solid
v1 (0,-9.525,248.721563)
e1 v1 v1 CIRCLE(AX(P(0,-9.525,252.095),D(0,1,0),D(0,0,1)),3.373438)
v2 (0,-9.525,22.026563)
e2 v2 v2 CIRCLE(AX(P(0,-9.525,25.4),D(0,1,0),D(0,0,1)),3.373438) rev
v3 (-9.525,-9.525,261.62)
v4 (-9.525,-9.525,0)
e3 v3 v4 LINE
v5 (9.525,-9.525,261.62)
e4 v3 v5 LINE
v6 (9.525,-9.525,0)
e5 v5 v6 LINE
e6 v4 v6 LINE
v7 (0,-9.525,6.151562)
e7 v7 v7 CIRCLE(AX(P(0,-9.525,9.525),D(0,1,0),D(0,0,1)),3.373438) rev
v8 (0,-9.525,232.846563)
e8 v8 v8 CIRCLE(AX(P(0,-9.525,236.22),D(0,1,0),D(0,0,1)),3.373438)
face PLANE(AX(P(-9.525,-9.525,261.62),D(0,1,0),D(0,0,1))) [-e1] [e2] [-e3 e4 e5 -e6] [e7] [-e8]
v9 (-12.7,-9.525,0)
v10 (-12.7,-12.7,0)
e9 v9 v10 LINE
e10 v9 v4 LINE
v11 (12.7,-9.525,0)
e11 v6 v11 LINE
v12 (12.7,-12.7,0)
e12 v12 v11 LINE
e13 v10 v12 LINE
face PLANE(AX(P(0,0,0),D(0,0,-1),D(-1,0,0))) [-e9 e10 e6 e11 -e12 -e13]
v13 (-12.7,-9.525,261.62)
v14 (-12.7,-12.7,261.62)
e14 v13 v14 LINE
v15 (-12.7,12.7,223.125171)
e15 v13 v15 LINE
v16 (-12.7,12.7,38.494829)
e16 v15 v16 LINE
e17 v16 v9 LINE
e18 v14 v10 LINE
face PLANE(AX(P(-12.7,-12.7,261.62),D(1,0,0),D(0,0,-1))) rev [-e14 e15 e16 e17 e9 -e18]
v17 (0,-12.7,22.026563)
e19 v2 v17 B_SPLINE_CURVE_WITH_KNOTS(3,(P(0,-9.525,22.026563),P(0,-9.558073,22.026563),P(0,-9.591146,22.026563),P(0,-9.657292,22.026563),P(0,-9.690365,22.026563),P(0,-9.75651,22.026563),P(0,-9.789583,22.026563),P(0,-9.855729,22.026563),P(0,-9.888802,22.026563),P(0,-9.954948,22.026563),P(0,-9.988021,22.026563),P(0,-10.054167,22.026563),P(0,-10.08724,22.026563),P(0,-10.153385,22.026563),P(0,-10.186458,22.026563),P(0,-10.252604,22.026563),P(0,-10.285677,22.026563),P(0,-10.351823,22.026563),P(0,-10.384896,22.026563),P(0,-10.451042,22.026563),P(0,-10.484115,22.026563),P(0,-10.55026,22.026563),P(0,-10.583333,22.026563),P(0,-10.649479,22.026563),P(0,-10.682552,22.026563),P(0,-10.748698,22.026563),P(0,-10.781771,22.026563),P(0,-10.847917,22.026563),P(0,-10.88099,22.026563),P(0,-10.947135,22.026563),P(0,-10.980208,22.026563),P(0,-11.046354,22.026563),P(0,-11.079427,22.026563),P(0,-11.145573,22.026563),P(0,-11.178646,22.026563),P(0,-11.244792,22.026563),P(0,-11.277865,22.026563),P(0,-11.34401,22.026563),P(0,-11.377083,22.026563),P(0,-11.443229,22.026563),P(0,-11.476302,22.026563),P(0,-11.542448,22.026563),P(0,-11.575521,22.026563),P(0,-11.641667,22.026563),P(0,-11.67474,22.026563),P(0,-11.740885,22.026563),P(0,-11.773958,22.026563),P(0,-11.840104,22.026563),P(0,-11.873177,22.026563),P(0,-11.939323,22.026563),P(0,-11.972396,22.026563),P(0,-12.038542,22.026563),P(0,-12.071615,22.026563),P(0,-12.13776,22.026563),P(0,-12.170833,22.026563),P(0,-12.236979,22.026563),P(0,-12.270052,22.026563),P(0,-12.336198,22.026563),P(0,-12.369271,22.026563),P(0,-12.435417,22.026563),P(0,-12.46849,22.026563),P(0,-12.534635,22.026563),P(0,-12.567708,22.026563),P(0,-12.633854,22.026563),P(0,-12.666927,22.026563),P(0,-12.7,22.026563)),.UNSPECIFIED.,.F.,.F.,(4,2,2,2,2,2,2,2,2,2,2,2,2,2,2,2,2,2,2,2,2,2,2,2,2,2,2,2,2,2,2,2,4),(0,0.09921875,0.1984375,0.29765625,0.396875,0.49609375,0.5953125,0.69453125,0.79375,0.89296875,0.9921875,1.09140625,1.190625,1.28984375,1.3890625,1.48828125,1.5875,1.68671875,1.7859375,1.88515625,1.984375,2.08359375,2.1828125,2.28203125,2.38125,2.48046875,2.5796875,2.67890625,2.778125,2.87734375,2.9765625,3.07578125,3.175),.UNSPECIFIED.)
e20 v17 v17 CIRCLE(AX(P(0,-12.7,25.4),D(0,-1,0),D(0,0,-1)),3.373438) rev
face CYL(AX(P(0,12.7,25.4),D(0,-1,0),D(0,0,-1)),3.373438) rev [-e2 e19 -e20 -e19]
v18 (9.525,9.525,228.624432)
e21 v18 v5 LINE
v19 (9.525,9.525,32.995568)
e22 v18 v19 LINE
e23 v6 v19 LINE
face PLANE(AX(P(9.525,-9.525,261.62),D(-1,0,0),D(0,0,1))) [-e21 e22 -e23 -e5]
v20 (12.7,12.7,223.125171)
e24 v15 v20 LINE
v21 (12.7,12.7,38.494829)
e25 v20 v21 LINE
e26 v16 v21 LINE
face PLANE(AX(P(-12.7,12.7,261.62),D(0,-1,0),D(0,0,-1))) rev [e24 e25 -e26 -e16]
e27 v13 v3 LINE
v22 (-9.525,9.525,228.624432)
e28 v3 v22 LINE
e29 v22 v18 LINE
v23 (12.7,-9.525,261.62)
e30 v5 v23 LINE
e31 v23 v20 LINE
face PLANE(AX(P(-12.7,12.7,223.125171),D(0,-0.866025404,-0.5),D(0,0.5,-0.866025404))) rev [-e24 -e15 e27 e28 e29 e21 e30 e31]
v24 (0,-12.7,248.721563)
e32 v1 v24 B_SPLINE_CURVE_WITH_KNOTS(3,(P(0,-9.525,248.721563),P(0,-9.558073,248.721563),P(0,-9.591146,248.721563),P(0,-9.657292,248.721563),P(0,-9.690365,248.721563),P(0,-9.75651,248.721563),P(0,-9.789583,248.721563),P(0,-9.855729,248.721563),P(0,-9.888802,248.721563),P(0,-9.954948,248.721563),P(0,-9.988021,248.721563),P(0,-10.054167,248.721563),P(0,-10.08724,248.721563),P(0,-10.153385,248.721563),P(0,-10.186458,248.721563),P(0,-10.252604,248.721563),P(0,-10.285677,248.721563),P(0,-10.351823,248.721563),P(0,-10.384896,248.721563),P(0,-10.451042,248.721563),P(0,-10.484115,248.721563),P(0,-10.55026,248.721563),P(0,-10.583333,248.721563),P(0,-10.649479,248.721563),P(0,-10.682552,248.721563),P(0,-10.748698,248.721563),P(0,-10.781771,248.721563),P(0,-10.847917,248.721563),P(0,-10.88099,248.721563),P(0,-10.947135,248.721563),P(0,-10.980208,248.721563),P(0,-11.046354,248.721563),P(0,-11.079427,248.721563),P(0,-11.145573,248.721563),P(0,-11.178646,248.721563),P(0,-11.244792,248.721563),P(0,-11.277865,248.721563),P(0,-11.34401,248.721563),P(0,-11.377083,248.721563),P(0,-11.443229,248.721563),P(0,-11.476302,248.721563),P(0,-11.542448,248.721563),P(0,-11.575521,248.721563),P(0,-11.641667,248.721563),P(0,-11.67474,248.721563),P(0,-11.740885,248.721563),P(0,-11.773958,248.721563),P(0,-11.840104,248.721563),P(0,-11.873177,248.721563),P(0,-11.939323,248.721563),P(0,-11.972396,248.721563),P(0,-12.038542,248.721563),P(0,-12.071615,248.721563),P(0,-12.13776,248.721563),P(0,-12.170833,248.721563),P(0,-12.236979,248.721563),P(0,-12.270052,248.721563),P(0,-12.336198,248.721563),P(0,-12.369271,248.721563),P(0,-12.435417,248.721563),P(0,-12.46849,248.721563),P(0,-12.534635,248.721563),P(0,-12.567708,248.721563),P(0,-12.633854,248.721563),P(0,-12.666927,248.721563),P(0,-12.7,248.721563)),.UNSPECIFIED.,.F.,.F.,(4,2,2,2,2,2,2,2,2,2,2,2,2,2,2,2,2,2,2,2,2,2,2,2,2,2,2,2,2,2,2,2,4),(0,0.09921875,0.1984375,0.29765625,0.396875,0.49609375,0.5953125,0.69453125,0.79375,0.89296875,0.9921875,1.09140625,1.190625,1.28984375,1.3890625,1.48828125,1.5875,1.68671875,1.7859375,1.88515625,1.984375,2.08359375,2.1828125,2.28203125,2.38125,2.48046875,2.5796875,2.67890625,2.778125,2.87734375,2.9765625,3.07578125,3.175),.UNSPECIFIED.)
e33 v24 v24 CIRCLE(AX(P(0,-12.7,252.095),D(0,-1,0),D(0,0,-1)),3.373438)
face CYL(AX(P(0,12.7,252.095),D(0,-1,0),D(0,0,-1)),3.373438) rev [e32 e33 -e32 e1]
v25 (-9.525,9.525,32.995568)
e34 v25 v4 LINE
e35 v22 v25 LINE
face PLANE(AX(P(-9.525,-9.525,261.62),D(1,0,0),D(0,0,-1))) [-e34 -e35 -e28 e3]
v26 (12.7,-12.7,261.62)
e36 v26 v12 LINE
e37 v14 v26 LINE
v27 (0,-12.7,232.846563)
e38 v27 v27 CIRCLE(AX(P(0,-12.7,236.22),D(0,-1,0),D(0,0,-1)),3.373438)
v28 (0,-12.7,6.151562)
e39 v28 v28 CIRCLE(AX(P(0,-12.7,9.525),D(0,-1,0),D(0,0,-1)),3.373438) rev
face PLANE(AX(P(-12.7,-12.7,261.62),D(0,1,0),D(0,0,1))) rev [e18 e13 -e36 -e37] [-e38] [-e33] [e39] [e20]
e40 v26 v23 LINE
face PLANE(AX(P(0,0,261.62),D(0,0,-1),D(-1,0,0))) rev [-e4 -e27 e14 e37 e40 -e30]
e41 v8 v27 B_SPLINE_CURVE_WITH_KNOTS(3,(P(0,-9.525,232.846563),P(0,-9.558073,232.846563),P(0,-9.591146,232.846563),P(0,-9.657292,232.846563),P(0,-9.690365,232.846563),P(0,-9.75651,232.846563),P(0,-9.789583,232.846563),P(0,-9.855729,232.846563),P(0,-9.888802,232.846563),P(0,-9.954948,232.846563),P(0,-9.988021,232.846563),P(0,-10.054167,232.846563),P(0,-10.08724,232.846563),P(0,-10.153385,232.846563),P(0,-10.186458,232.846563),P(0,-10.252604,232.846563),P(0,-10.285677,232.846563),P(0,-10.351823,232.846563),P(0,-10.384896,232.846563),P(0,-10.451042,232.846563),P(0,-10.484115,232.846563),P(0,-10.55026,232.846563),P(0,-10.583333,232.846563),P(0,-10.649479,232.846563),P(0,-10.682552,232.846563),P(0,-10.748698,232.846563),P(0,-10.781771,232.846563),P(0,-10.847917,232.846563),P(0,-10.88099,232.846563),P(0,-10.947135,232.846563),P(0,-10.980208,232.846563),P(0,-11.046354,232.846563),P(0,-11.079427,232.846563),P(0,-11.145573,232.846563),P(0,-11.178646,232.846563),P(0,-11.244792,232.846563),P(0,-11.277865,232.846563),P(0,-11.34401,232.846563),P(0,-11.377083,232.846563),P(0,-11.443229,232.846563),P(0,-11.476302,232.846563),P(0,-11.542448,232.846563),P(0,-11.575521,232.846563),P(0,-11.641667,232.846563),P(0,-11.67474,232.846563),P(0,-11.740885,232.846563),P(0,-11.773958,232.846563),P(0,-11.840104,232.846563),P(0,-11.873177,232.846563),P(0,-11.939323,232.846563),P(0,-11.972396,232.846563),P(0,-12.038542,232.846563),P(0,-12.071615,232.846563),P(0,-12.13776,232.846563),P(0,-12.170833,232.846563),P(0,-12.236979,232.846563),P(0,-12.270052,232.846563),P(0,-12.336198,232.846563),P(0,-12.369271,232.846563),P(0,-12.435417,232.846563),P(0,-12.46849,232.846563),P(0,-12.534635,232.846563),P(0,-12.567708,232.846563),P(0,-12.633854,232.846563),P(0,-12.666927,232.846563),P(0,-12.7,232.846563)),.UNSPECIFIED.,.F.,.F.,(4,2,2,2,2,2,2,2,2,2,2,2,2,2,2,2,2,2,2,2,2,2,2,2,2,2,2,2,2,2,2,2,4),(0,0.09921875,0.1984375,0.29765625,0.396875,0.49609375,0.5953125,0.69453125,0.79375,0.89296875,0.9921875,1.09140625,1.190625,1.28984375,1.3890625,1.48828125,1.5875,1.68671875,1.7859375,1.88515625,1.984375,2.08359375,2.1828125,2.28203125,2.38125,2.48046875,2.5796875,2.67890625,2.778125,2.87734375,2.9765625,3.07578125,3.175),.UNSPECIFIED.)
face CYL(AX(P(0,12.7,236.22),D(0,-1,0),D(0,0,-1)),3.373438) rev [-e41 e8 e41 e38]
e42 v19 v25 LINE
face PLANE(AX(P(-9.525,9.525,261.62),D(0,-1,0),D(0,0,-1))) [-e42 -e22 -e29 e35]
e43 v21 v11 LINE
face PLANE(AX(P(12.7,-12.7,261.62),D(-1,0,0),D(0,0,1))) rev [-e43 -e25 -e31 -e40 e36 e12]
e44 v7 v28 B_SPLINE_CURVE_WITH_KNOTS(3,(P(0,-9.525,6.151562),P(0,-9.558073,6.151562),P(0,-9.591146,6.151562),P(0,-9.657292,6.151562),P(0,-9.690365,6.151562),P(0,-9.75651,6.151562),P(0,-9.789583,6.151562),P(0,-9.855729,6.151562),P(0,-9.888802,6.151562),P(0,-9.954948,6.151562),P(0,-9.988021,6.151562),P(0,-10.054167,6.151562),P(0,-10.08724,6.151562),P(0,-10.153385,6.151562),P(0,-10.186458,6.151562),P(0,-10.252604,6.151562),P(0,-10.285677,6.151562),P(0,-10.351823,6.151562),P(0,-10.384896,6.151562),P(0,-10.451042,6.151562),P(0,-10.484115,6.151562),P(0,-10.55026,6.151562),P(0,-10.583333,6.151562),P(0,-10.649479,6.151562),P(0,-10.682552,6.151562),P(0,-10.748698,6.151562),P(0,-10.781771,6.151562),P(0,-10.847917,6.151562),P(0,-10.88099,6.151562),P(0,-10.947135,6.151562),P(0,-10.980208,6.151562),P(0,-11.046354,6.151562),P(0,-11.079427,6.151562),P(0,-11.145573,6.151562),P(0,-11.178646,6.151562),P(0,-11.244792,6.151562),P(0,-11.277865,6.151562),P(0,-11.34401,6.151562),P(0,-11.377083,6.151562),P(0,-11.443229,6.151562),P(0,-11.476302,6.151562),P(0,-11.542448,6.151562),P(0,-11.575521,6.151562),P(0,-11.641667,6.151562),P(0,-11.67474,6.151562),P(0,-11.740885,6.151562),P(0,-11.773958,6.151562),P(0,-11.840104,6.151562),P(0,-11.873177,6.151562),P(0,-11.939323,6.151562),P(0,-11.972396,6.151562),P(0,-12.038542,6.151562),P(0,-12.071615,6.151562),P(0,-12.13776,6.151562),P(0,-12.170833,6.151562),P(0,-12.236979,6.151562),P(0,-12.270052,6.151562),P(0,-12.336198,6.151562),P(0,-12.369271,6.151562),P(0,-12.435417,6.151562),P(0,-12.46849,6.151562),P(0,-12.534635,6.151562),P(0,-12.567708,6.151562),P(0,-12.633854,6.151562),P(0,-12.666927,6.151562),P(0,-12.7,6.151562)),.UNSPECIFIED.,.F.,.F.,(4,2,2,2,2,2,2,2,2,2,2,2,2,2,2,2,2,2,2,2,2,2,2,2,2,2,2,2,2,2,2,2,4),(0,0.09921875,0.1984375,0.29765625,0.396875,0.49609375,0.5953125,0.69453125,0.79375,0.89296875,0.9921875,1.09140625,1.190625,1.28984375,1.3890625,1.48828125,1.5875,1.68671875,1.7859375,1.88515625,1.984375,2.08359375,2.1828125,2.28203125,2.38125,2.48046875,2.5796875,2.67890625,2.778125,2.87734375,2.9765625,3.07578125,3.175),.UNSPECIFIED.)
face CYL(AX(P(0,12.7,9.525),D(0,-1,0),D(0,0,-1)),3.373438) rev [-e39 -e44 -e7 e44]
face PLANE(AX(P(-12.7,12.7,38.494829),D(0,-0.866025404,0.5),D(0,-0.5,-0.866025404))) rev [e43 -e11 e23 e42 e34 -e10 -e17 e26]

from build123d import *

# Parameters (mm, degrees)
SKETCH1_W           = 25.4
SKETCH1_H           = 25.4
SKETCH1_W_2         = 19.05
SKETCH1_H_2         = 19.05
BOSS_EXTRUDE1_DEPTH = 261.62
CUT_EXTRUDE2_DEPTH  = 264.156748726
SKETCH3_R           = 3.3734375
CUT_EXTRUDE3_DEPTH  = 264.156748726


with BuildPart() as part:
    # Sketch1 → Boss-Extrude1 (new body)
    with BuildSketch(Plane.XY):
        Rectangle(SKETCH1_W, SKETCH1_H)
        Rectangle(SKETCH1_W_2, SKETCH1_H_2, mode=Mode.SUBTRACT)
    extrude(amount=BOSS_EXTRUDE1_DEPTH)

    # Sketch2 → Cut-Extrude2 (cut, through all)
    with BuildSketch(Plane(origin=(12.7, 0, 0), x_dir=(0, 0, -1), z_dir=(1, 0, 0))):
        Polygon((-223.125170802, 12.7), (-261.62, -9.525), (-261.62, 12.7), align=None)
        Polygon((-38.494829198, 12.7), (0, -9.525), (0, 12.7), align=None)
    extrude(amount=-CUT_EXTRUDE2_DEPTH, mode=Mode.SUBTRACT)

    # Sketch3 → Cut-Extrude3 (cut, through all)
    with BuildSketch(Plane.XZ.offset(12.7)):
        with Locations(Location((0, 252.095, 0), (0, 0, 270))):
            Circle(SKETCH3_R)
        with Locations(Location((0, 236.22, 0), (0, 0, 270))):
            Circle(SKETCH3_R)
        with Locations(Location((0, 25.4, 0), (0, 0, 270))):
            Circle(SKETCH3_R)
        with Locations(Location((0, 9.525, 0), (0, 0, 270))):
            Circle(SKETCH3_R)
    extrude(amount=-CUT_EXTRUDE3_DEPTH, mode=Mode.SUBTRACT)


solid = part.part
